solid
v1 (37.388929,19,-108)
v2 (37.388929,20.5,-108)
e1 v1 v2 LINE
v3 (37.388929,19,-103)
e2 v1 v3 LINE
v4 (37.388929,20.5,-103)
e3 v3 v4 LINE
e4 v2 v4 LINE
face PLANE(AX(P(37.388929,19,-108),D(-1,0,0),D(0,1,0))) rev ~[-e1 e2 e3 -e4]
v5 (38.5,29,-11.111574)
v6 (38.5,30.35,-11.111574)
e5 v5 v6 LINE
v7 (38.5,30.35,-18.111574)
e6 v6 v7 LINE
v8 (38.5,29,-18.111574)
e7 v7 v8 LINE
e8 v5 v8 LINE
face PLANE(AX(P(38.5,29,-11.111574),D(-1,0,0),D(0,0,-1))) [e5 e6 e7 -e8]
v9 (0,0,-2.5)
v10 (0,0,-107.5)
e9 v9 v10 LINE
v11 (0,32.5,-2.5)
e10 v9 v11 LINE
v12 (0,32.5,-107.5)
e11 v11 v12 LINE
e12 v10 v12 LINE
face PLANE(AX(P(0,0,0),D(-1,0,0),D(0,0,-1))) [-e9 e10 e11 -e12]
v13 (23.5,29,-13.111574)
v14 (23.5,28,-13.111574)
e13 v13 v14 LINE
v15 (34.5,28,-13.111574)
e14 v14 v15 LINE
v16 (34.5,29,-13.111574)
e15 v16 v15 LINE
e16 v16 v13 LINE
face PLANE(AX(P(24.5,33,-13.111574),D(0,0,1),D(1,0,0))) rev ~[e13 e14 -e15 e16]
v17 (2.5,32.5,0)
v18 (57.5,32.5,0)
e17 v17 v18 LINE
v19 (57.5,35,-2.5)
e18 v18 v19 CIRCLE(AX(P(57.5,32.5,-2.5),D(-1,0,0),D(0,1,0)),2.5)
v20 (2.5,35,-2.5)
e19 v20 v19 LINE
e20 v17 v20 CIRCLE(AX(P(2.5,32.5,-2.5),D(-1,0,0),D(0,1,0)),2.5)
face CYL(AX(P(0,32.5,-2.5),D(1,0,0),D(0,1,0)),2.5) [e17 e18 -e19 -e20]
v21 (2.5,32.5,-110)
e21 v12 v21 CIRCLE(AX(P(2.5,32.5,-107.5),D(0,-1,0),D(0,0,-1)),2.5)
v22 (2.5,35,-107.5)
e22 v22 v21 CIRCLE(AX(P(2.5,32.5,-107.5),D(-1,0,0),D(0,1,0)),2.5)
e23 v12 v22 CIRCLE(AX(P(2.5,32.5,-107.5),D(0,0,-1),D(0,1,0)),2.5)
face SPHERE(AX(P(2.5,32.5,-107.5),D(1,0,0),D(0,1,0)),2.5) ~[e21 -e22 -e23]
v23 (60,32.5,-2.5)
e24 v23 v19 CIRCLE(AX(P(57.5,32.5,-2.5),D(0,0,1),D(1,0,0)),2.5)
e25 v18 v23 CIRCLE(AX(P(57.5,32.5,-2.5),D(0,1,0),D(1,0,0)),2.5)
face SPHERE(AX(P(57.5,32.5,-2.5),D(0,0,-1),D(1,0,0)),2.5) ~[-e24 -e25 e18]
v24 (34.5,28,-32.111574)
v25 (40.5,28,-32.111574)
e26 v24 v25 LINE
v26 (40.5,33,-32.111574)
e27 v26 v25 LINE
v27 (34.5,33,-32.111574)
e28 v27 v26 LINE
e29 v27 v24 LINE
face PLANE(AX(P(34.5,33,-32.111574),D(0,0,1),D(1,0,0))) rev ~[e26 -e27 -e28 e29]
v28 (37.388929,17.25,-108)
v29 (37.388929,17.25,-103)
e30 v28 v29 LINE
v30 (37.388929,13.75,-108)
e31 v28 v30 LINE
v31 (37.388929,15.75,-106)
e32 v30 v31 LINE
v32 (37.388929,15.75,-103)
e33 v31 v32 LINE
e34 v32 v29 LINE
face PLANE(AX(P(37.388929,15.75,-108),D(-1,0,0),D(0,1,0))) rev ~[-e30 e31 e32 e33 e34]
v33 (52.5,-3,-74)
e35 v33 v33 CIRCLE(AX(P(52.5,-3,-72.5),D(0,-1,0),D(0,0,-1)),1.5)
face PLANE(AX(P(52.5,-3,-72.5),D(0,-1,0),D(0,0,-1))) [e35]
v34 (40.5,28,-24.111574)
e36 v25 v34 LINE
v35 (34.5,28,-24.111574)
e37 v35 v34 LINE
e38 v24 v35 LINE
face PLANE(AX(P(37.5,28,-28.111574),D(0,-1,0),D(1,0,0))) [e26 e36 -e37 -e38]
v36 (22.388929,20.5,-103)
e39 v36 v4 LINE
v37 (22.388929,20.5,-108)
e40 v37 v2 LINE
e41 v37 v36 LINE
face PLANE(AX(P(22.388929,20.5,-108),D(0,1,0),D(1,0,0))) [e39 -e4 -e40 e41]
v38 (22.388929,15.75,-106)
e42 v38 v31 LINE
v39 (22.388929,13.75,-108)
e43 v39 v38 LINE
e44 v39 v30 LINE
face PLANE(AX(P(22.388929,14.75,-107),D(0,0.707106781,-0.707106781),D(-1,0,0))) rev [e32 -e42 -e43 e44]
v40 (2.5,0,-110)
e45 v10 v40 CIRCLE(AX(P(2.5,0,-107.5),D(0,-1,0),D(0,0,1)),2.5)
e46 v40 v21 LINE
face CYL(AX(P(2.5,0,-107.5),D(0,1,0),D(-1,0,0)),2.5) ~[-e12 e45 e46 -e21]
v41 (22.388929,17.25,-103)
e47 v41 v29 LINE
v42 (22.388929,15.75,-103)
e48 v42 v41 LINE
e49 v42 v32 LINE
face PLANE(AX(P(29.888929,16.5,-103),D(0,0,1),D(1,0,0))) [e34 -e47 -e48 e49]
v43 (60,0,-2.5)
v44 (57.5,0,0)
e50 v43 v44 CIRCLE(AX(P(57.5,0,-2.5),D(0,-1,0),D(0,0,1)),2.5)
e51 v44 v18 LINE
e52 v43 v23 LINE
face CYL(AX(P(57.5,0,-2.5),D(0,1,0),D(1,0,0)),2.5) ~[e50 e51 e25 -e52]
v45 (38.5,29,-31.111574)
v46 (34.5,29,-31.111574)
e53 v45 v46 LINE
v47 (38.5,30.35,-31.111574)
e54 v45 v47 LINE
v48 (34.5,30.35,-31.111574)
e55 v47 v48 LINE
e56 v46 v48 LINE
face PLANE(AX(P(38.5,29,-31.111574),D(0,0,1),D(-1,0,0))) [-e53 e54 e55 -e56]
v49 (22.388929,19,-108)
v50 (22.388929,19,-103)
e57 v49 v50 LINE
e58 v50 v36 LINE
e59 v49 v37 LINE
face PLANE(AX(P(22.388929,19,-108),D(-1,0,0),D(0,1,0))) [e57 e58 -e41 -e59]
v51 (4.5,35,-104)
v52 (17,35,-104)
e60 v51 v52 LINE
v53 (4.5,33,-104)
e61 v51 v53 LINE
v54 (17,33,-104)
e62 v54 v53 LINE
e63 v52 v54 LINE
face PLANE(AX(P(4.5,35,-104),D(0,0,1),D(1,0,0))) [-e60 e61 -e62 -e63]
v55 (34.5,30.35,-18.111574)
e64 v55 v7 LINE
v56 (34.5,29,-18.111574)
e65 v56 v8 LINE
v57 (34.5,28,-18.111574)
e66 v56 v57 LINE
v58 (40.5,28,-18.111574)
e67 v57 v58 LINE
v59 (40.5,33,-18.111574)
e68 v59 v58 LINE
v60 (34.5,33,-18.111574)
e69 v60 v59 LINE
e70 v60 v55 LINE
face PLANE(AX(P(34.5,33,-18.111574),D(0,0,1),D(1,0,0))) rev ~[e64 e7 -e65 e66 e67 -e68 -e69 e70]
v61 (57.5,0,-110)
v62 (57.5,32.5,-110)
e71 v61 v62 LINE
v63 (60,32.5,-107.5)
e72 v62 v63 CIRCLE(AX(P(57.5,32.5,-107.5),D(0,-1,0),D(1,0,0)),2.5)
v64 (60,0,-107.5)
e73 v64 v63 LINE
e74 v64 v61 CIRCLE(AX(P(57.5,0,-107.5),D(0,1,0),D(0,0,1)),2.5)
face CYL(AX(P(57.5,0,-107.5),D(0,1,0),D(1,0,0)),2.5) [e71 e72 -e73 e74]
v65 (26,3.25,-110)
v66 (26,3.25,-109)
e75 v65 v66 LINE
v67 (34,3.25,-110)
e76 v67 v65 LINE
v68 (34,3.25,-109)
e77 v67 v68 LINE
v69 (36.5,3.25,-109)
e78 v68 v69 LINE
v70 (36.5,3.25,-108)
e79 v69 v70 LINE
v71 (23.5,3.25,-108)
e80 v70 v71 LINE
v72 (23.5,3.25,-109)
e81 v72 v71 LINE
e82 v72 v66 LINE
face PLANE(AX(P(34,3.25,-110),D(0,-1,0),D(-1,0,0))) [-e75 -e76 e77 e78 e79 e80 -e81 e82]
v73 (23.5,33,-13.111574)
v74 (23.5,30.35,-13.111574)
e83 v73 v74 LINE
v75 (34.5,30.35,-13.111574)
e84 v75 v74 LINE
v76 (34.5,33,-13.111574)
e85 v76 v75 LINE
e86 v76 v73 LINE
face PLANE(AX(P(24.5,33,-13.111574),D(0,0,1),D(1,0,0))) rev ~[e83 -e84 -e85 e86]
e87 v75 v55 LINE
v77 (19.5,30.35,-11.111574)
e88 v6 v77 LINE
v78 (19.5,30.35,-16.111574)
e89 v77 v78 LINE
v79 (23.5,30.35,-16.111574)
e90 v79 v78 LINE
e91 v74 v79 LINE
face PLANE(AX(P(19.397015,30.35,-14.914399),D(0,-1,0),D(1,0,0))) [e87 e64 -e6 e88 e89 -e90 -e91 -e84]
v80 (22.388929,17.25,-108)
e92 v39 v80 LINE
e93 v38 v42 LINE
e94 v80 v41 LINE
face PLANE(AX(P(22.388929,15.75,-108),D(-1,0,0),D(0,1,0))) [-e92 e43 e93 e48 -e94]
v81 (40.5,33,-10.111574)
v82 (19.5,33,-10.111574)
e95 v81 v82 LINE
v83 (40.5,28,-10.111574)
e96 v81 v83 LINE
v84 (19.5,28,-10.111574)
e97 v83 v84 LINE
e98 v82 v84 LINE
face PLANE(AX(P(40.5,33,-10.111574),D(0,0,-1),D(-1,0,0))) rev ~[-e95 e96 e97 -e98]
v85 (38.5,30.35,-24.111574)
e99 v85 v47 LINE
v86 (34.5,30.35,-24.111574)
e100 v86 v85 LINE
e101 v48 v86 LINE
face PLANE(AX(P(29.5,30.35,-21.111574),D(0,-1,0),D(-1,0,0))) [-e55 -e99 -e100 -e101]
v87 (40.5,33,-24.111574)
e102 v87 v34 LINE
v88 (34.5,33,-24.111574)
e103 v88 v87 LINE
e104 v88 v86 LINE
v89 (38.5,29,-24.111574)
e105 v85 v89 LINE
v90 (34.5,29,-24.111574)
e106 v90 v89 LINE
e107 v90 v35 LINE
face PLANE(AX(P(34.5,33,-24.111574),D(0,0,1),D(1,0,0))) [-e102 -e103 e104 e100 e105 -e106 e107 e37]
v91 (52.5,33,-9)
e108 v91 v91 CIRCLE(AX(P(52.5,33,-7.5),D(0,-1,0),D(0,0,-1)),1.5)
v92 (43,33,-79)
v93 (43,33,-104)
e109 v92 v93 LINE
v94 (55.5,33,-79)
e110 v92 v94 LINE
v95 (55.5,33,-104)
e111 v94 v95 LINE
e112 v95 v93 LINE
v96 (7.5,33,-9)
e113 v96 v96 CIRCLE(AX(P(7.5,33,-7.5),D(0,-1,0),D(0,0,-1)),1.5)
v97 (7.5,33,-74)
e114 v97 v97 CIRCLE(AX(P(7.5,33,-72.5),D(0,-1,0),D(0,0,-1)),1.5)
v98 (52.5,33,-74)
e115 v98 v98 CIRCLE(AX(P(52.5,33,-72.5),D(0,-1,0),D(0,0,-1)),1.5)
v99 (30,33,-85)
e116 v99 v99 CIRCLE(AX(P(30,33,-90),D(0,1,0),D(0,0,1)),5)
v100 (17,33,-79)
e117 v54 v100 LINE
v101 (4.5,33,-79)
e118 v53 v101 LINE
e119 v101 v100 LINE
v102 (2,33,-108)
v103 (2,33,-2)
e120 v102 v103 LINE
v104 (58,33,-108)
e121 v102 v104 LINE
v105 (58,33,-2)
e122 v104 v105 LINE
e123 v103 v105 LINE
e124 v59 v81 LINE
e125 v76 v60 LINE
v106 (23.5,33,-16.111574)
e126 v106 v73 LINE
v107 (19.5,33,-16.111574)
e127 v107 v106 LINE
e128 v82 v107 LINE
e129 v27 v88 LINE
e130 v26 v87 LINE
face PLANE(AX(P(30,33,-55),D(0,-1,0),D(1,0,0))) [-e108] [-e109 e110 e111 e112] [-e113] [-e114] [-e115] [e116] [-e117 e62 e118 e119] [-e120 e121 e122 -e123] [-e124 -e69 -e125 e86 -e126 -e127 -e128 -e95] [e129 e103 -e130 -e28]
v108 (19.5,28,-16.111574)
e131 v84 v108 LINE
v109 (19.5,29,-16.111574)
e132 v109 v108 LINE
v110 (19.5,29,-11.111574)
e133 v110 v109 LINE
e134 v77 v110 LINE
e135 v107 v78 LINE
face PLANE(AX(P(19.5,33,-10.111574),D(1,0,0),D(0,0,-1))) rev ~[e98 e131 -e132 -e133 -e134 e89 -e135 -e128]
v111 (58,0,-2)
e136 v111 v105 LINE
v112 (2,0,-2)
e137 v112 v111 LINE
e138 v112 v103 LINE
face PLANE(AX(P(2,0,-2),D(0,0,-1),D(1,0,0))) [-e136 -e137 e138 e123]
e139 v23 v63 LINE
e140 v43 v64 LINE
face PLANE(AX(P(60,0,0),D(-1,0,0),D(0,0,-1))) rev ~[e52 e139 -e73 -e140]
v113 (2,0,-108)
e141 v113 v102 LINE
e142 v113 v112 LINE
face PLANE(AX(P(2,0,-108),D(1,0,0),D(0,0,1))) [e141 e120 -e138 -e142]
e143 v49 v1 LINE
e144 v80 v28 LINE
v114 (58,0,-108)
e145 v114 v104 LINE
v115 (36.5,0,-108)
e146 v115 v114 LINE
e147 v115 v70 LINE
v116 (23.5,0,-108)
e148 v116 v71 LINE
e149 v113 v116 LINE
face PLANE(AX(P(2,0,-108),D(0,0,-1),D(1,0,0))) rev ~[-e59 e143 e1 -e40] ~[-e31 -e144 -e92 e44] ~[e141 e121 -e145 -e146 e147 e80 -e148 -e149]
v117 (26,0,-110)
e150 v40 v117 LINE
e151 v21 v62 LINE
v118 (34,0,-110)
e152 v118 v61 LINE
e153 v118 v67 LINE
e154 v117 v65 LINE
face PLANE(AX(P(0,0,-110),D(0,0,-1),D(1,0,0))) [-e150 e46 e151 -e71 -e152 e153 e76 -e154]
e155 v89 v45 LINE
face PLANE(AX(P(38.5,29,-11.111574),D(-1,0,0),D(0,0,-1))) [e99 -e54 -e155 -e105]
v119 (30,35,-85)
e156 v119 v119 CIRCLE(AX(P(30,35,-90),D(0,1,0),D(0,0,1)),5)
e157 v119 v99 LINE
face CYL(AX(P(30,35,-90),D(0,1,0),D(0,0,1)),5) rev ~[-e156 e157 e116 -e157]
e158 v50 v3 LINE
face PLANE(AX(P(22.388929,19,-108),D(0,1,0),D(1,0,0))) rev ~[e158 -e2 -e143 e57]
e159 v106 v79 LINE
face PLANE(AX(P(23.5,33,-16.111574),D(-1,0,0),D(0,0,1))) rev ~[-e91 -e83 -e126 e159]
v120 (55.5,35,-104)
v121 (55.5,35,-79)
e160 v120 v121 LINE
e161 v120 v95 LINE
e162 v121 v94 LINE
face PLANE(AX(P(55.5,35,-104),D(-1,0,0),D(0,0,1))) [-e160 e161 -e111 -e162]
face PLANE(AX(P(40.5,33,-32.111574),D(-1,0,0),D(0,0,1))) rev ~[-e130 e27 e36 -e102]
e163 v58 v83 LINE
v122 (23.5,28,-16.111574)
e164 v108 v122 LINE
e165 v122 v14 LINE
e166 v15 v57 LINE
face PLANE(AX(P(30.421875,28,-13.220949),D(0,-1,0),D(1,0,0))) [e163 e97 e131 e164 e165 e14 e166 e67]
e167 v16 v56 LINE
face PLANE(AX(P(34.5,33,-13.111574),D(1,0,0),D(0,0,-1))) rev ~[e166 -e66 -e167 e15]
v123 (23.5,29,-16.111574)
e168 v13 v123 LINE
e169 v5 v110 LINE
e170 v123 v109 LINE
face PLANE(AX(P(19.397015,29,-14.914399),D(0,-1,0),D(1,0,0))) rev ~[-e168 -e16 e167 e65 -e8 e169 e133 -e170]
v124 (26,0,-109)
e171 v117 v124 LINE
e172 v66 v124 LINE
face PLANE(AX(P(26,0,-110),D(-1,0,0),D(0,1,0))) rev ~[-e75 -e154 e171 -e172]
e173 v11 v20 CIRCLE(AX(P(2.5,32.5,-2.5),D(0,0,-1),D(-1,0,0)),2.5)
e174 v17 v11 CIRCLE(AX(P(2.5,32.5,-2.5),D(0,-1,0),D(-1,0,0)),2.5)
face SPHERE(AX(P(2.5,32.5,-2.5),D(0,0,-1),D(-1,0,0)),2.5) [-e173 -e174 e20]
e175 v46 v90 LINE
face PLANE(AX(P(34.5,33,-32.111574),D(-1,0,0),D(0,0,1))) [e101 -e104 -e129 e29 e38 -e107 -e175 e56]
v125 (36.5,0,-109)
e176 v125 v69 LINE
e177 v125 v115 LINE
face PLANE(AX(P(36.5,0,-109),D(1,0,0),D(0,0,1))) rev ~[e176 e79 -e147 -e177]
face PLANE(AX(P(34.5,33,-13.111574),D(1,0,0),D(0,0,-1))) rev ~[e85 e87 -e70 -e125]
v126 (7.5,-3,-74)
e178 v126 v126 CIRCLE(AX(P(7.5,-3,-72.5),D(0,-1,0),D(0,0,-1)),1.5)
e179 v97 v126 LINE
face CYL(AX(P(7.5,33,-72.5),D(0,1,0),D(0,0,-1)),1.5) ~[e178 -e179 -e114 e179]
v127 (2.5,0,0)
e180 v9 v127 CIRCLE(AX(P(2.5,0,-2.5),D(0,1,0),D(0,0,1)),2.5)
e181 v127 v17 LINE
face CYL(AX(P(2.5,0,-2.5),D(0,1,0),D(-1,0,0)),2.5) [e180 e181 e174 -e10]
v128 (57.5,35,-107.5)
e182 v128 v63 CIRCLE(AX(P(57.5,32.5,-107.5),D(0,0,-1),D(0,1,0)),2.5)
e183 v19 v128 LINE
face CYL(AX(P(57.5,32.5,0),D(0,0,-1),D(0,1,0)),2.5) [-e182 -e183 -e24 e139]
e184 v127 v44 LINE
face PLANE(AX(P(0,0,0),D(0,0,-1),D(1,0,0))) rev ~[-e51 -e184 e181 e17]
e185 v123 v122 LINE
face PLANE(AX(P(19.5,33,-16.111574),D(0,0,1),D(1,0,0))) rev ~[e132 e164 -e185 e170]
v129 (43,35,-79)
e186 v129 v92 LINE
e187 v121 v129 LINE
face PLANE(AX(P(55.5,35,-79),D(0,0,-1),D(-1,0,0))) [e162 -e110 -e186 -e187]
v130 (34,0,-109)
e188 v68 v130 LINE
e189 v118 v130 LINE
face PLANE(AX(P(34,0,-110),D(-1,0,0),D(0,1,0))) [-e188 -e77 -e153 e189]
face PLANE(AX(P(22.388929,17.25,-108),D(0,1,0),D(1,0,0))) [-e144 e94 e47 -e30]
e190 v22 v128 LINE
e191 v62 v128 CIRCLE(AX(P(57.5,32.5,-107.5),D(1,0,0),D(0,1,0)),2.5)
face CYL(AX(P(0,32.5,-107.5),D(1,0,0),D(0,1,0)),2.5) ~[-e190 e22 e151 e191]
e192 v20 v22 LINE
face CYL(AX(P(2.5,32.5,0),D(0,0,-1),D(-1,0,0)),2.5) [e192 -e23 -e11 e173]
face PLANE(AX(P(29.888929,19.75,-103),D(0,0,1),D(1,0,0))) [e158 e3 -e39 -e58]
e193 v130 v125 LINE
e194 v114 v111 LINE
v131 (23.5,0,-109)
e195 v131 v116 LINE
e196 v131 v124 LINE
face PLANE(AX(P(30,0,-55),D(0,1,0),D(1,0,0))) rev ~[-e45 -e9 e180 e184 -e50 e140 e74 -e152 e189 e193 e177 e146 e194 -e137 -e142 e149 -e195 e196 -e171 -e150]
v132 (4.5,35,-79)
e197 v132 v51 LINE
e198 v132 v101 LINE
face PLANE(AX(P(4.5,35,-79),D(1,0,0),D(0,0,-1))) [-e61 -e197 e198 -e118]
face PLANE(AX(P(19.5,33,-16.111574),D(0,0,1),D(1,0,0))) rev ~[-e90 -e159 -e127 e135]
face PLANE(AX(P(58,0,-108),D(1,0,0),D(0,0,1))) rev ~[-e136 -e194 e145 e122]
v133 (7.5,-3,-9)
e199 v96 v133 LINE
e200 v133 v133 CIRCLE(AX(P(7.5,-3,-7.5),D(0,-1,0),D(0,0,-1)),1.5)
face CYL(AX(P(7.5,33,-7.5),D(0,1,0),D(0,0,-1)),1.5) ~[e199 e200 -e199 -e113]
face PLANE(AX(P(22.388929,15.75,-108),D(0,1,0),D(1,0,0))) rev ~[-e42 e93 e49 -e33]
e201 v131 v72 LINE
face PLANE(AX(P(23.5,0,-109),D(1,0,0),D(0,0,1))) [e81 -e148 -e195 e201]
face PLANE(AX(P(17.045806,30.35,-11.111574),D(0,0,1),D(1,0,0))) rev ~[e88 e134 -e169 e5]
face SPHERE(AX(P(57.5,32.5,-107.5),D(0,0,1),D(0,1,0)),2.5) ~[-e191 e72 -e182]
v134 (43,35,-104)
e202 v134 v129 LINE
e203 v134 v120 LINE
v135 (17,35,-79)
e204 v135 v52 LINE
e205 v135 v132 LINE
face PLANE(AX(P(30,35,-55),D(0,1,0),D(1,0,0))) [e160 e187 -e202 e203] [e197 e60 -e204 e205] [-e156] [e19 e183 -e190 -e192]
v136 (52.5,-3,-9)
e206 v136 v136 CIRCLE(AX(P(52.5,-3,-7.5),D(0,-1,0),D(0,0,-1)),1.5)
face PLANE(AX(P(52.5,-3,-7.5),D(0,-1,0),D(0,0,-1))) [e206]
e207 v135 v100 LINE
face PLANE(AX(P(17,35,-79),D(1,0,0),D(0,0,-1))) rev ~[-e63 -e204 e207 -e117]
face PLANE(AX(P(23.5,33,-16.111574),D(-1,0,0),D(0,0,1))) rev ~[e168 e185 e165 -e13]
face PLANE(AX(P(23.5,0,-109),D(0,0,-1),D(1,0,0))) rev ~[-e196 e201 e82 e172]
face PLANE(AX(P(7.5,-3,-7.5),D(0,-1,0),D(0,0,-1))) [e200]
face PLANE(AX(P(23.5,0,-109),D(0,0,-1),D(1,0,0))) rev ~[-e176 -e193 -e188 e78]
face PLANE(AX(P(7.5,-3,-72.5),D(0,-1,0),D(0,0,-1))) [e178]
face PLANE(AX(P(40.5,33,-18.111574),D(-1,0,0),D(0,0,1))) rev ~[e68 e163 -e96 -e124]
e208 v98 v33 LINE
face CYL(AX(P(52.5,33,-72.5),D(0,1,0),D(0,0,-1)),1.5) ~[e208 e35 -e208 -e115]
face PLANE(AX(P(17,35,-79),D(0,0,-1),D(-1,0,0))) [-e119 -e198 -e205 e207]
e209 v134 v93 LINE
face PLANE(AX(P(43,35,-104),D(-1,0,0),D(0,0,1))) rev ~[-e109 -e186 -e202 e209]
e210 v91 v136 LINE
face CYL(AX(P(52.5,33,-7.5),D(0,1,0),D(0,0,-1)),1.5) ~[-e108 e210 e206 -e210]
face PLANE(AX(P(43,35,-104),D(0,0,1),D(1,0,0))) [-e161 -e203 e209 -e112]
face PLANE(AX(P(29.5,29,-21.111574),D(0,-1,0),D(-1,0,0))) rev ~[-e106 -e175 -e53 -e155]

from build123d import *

# Parameters (mm, degrees)
SKETCH1_W           = 60
SKETCH1_H           = 110
BOSS_EXTRUDE1_DEPTH = 35
SKETCH2_W           = 56
SKETCH2_H           = 106
CUT_EXTRUDE1_DEPTH  = 33
SKETCH3_R           = 1.5
BOSS_EXTRUDE2_DEPTH = 36
CUT_EXTRUDE2_DEPTH  = 21
SKETCH6_R           = 5
CUT_EXTRUDE3_DEPTH  = 21
SKETCH7_W           = 8
SKETCH7_H           = 3.25
CUT_EXTRUDE4_DEPTH  = 21
SKETCH8_W           = 13
SKETCH8_H           = 1
CUT_EXTRUDE5_DEPTH  = 3.25
FILLET1_R           = 2.5
SKETCH9_W           = 6
SKETCH9_H           = 8
BOSS_EXTRUDE3_DEPTH = 5
SKETCH10_W          = 18
SKETCH10_H          = 20
CUT_EXTRUDE6_DEPTH  = 1.35
SKETCH11_W          = 4.702418378
SKETCH11_H          = 7.605650594
CUT_EXTRUDE7_DEPTH  = 1.35
SKETCH13_W          = 15
SKETCH13_H          = 1.5
BOSS_EXTRUDE4_DEPTH = 5
CHAMFER1_SIZE       = 2
CUT_EXTRUDE9_START  = -5
SKETCH14_W          = 1
SKETCH14_H          = 3
CUT_EXTRUDE9_DEPTH  = 5


with BuildPart() as part:
    # Sketch1 → Boss-Extrude1 (new body)
    with BuildSketch(Plane(origin=(0, 0, 0), x_dir=(1, 0, 0), z_dir=(0, 1, 0))):
        with Locations((30, 55)):
            Rectangle(SKETCH1_W, SKETCH1_H)
    extrude(amount=BOSS_EXTRUDE1_DEPTH)

    # Sketch2 → Cut-Extrude1 (cut)
    with BuildSketch(Plane.XZ):
        with Locations((30, -55)):
            Rectangle(SKETCH2_W, SKETCH2_H)
    extrude(amount=-CUT_EXTRUDE1_DEPTH, mode=Mode.SUBTRACT)

    # Sketch3 → Boss-Extrude2 (add)
    with BuildSketch(Plane.XZ.offset(-33)):
        with Locations(Location((7.5, -7.5, 0), (0, 0, 270))):
            Circle(SKETCH3_R)
        with Locations(Location((52.5, -7.5, 0), (0, 0, 270))):
            Circle(SKETCH3_R)
        with Locations(Location((7.5, -72.5, 0), (0, 0, 270))):
            Circle(SKETCH3_R)
        with Locations(Location((52.5, -72.5, 0), (0, 0, 270))):
            Circle(SKETCH3_R)
    extrude(amount=BOSS_EXTRUDE2_DEPTH)

    # Sketch4 → Cut-Extrude2 (cut)
    with BuildSketch(Plane(origin=(0, 35, 0), x_dir=(1, 0, 0), z_dir=(0, 1, 0))):
        Polygon((4.5, 104), (17, 104), (17, 85.965044769), (17, 79), (4.5, 79), align=None)
        Polygon((43, 104), (55.5, 104), (55.5, 79), (43, 79), (43, 85.965044769), align=None)
    extrude(amount=-CUT_EXTRUDE2_DEPTH, mode=Mode.SUBTRACT)

    # Sketch6 → Cut-Extrude3 (cut)
    with BuildSketch(Plane(origin=(0, 35, 0), x_dir=(1, 0, 0), z_dir=(0, 1, 0))):
        with Locations(Location((30, 90, 0), (0, 0, 270))):
            Circle(SKETCH6_R)
    extrude(amount=-CUT_EXTRUDE3_DEPTH, mode=Mode.SUBTRACT)

    # Sketch7 → Cut-Extrude4 (cut)
    with BuildSketch(Plane(origin=(0, 0, -110), x_dir=(-1, 0, 0), z_dir=(0, 0, -1))):
        with Locations((-30, 1.625)):
            Rectangle(SKETCH7_W, SKETCH7_H)
    extrude(amount=-CUT_EXTRUDE4_DEPTH, mode=Mode.SUBTRACT)

    # Sketch8 → Cut-Extrude5 (cut)
    with BuildSketch(Plane.XZ):
        with Locations((30, -108.5)):
            Rectangle(SKETCH8_W, SKETCH8_H)
    extrude(amount=-CUT_EXTRUDE5_DEPTH, mode=Mode.SUBTRACT)

    # Fillet1
    fillet1_edges = [part.edges().sort_by_distance(p)[0] for p in [
        (60, 35, -55),
        (30, 35, -110),
        (0, 35, -55),
        (0, 17.5, -110),
        (60, 17.5, -110),
        (60, 17.5, 0),
        (0, 17.5, 0),
        (30, 35, 0),
    ]]
    fillet(fillet1_edges, radius=FILLET1_R)

    # Sketch9 → Boss-Extrude3 (add)
    with BuildSketch(Plane.XZ.offset(-33)):
        Polygon((19.5, -10.111573996), (19.5, -16.111573996), (24.5, -16.111573996), (24.5, -13.111573996), (34.5, -13.111573996), (34.5, -18.111573996), (40.5, -18.111573996), (40.5, -10.111573996), align=None)
        with Locations((37.5, -28.111573996)):
            Rectangle(SKETCH9_W, SKETCH9_H)
    extrude(amount=BOSS_EXTRUDE3_DEPTH)

    # Sketch10 → Cut-Extrude6 (cut)
    with BuildSketch(Plane(origin=(0, 29, 0), x_dir=(-1, 0, 0), z_dir=(0, -1, 0))):
        with Locations((-29.5, 21.111573996)):
            Rectangle(SKETCH10_W, SKETCH10_H)
    extrude(amount=-CUT_EXTRUDE6_DEPTH, mode=Mode.SUBTRACT)

    # Sketch11 → Cut-Extrude7 (cut)
    with BuildSketch(Plane.XZ.offset(-30.35)):
        with Locations((19.397015068, -14.914399293)):
            Rectangle(SKETCH11_W, SKETCH11_H)
    extrude(amount=CUT_EXTRUDE7_DEPTH, mode=Mode.SUBTRACT)

    # Sketch13 → Boss-Extrude4 (add)
    with BuildSketch(Plane.XY.offset(-108)):
        with Locations((29.888929183, 19.75)):
            Rectangle(SKETCH13_W, SKETCH13_H)
        with Locations((29.888929183, 16.5)):
            Rectangle(SKETCH13_W, SKETCH13_H)
    extrude(amount=BOSS_EXTRUDE4_DEPTH)

    # Chamfer1
    chamfer1_edges = [part.edges().sort_by_distance(p)[0] for p in [
        (29.888929183, 15.75, -108),
    ]]
    chamfer(chamfer1_edges, length=CHAMFER1_SIZE)

    # Sketch14 → Cut-Extrude9 (cut)
    with BuildSketch(Plane.XZ.offset(-28).offset(CUT_EXTRUDE9_START)):
        with Locations((24, -14.611573996)):
            Rectangle(SKETCH14_W, SKETCH14_H)
    extrude(amount=CUT_EXTRUDE9_DEPTH, mode=Mode.SUBTRACT)


solid = part.part
